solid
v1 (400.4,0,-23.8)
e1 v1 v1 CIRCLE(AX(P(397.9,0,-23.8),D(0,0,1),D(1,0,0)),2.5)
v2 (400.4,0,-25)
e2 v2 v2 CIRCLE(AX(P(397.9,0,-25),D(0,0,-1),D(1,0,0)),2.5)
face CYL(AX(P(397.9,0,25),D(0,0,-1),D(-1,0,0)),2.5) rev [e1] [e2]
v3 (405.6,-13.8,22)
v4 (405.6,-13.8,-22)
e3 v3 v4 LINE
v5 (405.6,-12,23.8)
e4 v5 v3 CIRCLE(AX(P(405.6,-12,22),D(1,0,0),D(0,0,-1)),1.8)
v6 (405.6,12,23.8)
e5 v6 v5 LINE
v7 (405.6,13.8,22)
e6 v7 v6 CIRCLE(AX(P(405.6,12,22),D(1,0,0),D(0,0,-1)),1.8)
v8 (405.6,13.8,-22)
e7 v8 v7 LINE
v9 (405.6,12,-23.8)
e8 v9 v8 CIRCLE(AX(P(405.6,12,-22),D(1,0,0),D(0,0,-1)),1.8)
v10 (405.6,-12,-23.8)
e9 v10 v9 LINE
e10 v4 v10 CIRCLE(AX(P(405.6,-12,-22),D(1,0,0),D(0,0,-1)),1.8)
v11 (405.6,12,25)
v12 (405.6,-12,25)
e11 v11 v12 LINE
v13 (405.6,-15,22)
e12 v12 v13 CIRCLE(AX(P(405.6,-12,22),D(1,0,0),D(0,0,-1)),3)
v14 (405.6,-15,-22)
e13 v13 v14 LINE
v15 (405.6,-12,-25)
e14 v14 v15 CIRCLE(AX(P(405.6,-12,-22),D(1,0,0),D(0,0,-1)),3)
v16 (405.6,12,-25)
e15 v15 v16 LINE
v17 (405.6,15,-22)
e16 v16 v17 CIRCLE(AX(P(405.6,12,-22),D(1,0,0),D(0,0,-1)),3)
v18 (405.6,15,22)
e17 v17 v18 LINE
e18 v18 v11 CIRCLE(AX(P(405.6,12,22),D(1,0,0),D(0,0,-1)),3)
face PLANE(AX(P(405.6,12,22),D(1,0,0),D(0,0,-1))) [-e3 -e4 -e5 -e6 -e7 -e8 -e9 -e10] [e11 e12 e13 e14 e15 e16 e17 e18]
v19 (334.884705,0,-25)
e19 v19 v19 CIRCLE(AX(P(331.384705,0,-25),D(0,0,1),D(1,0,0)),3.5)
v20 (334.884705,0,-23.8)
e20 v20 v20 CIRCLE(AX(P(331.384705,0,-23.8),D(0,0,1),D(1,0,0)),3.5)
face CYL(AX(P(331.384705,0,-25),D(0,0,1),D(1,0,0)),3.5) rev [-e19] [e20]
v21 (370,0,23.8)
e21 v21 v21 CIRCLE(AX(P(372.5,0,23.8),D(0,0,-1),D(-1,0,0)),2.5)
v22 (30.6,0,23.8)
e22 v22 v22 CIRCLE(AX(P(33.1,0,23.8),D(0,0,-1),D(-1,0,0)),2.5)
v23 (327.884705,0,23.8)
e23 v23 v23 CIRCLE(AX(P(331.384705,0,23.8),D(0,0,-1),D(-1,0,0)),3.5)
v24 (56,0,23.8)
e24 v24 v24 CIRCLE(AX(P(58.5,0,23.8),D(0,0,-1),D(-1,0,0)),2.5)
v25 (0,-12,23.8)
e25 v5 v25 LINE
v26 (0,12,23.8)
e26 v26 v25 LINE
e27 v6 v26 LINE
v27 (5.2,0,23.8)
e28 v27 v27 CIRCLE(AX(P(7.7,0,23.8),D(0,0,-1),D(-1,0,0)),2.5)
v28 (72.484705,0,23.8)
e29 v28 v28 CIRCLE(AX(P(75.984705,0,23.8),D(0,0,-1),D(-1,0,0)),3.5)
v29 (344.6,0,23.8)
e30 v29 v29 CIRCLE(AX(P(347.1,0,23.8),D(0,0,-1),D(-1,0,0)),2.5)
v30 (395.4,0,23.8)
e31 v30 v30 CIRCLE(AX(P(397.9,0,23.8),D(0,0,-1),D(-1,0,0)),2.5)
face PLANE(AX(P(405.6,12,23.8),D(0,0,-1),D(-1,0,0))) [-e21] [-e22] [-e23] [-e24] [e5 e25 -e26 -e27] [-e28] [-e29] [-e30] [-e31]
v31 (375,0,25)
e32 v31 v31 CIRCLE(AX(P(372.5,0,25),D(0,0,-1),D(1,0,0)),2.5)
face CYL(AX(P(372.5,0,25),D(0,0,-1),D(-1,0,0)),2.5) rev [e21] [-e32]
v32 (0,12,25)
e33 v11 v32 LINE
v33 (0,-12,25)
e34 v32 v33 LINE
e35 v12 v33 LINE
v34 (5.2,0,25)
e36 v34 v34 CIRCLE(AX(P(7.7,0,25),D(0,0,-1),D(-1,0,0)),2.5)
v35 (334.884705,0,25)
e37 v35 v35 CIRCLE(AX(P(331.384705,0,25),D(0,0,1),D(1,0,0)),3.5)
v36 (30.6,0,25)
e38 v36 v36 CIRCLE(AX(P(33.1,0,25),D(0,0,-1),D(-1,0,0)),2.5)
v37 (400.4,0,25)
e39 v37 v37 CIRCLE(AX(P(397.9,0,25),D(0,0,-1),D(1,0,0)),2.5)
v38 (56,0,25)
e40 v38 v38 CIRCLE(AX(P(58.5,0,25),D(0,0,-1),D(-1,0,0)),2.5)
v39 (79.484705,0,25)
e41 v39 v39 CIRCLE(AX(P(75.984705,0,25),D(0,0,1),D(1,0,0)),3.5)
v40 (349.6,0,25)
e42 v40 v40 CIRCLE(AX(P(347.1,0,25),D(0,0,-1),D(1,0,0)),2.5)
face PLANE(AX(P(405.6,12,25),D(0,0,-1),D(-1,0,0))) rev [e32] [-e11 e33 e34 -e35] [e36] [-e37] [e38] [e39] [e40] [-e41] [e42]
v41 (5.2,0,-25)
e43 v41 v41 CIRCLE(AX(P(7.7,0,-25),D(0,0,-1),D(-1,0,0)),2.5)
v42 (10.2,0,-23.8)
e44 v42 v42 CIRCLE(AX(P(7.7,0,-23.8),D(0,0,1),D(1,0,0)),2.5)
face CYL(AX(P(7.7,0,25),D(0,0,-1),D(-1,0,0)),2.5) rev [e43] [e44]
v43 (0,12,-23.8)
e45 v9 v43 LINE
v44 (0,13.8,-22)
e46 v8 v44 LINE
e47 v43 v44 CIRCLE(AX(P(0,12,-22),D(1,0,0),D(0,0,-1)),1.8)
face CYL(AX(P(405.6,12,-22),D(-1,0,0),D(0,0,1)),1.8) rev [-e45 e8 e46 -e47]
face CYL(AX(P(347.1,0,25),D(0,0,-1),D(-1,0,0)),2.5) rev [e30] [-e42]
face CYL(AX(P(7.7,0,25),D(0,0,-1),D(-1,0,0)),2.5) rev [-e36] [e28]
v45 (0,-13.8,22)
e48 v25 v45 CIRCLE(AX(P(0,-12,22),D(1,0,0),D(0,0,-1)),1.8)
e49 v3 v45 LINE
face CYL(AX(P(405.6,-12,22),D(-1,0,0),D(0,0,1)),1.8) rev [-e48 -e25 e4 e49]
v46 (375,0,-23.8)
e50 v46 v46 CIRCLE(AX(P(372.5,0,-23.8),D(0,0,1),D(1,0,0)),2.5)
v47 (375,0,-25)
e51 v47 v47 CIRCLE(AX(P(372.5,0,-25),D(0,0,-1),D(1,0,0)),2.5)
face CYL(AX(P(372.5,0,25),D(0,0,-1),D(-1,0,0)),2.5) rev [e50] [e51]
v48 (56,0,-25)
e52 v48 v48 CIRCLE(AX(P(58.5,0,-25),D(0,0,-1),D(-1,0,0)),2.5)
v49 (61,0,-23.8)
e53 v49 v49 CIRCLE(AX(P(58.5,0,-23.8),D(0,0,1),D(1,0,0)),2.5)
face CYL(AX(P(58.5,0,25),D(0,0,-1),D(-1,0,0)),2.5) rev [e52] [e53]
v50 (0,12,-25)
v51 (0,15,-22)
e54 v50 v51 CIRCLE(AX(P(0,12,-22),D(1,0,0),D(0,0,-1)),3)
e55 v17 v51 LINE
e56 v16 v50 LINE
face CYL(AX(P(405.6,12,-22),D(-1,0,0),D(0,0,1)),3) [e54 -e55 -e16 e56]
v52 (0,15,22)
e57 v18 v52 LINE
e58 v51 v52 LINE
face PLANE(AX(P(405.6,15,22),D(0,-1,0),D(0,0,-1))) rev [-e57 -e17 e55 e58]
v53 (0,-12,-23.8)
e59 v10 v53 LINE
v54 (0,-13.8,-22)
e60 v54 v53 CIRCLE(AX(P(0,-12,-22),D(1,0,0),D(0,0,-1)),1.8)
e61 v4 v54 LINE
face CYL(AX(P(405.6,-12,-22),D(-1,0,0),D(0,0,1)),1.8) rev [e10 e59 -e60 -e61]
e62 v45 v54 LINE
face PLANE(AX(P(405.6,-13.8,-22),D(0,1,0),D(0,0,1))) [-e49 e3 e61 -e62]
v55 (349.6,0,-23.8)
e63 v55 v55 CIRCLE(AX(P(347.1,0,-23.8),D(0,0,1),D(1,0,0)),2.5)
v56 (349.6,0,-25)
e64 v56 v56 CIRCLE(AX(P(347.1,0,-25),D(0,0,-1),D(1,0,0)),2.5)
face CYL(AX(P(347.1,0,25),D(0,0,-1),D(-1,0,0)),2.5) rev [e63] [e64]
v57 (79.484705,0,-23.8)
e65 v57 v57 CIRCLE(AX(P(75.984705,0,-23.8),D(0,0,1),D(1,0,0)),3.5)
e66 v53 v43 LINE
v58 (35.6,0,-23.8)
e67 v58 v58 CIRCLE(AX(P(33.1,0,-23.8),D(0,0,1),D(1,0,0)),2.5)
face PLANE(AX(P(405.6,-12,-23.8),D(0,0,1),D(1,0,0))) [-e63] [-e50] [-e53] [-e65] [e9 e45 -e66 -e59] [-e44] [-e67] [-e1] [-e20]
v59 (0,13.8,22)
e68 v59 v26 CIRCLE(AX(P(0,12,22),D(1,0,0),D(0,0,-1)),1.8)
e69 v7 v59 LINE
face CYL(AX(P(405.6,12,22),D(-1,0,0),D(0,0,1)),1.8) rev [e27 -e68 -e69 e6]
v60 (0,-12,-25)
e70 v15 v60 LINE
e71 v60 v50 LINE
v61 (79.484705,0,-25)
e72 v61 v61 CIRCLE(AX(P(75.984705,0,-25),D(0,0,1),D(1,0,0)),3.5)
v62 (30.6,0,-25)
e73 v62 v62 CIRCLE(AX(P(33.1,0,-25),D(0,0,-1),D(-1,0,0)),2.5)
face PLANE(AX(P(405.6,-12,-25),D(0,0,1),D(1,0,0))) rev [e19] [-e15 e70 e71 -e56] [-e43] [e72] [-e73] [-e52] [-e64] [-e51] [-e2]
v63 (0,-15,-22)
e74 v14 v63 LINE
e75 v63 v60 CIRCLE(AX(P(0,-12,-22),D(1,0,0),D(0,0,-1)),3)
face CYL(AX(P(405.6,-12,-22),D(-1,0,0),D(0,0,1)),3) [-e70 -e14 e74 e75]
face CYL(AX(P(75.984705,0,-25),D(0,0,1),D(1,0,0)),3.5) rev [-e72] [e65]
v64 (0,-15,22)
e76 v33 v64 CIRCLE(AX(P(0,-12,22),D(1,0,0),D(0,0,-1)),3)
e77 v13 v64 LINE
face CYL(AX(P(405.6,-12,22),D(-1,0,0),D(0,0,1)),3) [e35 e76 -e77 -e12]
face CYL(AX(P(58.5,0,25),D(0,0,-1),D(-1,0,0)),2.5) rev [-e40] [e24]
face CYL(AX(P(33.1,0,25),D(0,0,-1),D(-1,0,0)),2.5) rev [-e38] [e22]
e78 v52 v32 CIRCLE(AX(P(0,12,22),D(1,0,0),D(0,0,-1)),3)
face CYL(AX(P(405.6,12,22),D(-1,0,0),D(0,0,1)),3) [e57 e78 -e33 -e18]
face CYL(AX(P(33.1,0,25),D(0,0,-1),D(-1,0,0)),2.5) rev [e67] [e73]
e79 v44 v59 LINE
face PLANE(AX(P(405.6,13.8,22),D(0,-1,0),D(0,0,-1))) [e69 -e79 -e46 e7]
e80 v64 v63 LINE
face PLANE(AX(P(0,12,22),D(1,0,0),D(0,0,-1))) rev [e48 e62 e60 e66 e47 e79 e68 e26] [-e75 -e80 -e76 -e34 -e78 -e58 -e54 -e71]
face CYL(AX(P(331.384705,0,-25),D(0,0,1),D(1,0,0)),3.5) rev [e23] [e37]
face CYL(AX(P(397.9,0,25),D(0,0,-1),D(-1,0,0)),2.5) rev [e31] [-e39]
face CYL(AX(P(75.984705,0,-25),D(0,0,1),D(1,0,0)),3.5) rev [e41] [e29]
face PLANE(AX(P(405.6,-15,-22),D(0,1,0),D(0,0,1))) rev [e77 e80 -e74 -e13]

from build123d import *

# Parameters (mm, degrees)
TUBO_RETANGULAR_50_X_30_X_2_6_1_DEPTH = 405.6
ESBO_O2_R                             = 2.5
CORTE_EXTRUS_O1_DEPTH                 = 409.945424232
ESBO_O3_R                             = 3.5
CORTE_EXTRUS_O2_DEPTH                 = 409.945424232


with BuildPart() as part:
    # Sketch1 → Tubo retangular 50 X 30 X 2.6(1) (new body)
    with BuildSketch(Plane.YZ):
        with BuildLine():
            Line((-12, -25), (12, -25))
            ThreePointArc((12, -25), (14.121320344, -24.121320344), (15, -22))
            Line((15, -22), (15, 22))
            ThreePointArc((15, 22), (14.121320344, 24.121320344), (12, 25))
            Line((12, 25), (-12, 25))
            ThreePointArc((-12, 25), (-14.121320344, 24.121320344), (-15, 22))
            Line((-15, 22), (-15, -22))
            ThreePointArc((-15, -22), (-14.121320344, -24.121320344), (-12, -25))
        make_face()
        with BuildLine():
            Line((-12, -23.8), (12, -23.8))
            ThreePointArc((12, -23.8), (13.272792206, -23.272792206), (13.8, -22))
            Line((13.8, -22), (13.8, 22))
            ThreePointArc((13.8, 22), (13.272792206, 23.272792206), (12, 23.8))
            Line((12, 23.8), (-12, 23.8))
            ThreePointArc((-12, 23.8), (-13.272792206, 23.272792206), (-13.8, 22))
            Line((-13.8, 22), (-13.8, -22))
            ThreePointArc((-13.8, -22), (-13.272792206, -23.272792206), (-12, -23.8))
        make_face(mode=Mode.SUBTRACT)
    extrude(amount=TUBO_RETANGULAR_50_X_30_X_2_6_1_DEPTH)

    # Esboço2 → Corte-extrusão1 (cut, through all)
    with BuildSketch(Plane(origin=(0, 0, -25), x_dir=(-1, 0, 0), z_dir=(0, 0, -1))):
        with Locations((-58.5, 0)):
            Circle(ESBO_O2_R)
        with Locations((-33.1, 0)):
            Circle(ESBO_O2_R)
        with Locations((-7.7, 0)):
            Circle(ESBO_O2_R)
        with Locations(Location((-397.9, 0, 0), (0, 0, 180))):
            Circle(ESBO_O2_R)
        with Locations(Location((-372.5, 0, 0), (0, 0, 180))):
            Circle(ESBO_O2_R)
        with Locations(Location((-347.1, 0, 0), (0, 0, 180))):
            Circle(ESBO_O2_R)
    extrude(amount=-CORTE_EXTRUS_O1_DEPTH, mode=Mode.SUBTRACT)

    # Esboço3 → Corte-extrusão2 (cut, through all)
    with BuildSketch(Plane.XY.offset(25)):
        with Locations((75.984705047, 0)):
            Circle(ESBO_O3_R)
        with Locations((331.384705047, 0)):
            Circle(ESBO_O3_R)
    extrude(amount=-CORTE_EXTRUS_O2_DEPTH, mode=Mode.SUBTRACT)


solid = part.part
